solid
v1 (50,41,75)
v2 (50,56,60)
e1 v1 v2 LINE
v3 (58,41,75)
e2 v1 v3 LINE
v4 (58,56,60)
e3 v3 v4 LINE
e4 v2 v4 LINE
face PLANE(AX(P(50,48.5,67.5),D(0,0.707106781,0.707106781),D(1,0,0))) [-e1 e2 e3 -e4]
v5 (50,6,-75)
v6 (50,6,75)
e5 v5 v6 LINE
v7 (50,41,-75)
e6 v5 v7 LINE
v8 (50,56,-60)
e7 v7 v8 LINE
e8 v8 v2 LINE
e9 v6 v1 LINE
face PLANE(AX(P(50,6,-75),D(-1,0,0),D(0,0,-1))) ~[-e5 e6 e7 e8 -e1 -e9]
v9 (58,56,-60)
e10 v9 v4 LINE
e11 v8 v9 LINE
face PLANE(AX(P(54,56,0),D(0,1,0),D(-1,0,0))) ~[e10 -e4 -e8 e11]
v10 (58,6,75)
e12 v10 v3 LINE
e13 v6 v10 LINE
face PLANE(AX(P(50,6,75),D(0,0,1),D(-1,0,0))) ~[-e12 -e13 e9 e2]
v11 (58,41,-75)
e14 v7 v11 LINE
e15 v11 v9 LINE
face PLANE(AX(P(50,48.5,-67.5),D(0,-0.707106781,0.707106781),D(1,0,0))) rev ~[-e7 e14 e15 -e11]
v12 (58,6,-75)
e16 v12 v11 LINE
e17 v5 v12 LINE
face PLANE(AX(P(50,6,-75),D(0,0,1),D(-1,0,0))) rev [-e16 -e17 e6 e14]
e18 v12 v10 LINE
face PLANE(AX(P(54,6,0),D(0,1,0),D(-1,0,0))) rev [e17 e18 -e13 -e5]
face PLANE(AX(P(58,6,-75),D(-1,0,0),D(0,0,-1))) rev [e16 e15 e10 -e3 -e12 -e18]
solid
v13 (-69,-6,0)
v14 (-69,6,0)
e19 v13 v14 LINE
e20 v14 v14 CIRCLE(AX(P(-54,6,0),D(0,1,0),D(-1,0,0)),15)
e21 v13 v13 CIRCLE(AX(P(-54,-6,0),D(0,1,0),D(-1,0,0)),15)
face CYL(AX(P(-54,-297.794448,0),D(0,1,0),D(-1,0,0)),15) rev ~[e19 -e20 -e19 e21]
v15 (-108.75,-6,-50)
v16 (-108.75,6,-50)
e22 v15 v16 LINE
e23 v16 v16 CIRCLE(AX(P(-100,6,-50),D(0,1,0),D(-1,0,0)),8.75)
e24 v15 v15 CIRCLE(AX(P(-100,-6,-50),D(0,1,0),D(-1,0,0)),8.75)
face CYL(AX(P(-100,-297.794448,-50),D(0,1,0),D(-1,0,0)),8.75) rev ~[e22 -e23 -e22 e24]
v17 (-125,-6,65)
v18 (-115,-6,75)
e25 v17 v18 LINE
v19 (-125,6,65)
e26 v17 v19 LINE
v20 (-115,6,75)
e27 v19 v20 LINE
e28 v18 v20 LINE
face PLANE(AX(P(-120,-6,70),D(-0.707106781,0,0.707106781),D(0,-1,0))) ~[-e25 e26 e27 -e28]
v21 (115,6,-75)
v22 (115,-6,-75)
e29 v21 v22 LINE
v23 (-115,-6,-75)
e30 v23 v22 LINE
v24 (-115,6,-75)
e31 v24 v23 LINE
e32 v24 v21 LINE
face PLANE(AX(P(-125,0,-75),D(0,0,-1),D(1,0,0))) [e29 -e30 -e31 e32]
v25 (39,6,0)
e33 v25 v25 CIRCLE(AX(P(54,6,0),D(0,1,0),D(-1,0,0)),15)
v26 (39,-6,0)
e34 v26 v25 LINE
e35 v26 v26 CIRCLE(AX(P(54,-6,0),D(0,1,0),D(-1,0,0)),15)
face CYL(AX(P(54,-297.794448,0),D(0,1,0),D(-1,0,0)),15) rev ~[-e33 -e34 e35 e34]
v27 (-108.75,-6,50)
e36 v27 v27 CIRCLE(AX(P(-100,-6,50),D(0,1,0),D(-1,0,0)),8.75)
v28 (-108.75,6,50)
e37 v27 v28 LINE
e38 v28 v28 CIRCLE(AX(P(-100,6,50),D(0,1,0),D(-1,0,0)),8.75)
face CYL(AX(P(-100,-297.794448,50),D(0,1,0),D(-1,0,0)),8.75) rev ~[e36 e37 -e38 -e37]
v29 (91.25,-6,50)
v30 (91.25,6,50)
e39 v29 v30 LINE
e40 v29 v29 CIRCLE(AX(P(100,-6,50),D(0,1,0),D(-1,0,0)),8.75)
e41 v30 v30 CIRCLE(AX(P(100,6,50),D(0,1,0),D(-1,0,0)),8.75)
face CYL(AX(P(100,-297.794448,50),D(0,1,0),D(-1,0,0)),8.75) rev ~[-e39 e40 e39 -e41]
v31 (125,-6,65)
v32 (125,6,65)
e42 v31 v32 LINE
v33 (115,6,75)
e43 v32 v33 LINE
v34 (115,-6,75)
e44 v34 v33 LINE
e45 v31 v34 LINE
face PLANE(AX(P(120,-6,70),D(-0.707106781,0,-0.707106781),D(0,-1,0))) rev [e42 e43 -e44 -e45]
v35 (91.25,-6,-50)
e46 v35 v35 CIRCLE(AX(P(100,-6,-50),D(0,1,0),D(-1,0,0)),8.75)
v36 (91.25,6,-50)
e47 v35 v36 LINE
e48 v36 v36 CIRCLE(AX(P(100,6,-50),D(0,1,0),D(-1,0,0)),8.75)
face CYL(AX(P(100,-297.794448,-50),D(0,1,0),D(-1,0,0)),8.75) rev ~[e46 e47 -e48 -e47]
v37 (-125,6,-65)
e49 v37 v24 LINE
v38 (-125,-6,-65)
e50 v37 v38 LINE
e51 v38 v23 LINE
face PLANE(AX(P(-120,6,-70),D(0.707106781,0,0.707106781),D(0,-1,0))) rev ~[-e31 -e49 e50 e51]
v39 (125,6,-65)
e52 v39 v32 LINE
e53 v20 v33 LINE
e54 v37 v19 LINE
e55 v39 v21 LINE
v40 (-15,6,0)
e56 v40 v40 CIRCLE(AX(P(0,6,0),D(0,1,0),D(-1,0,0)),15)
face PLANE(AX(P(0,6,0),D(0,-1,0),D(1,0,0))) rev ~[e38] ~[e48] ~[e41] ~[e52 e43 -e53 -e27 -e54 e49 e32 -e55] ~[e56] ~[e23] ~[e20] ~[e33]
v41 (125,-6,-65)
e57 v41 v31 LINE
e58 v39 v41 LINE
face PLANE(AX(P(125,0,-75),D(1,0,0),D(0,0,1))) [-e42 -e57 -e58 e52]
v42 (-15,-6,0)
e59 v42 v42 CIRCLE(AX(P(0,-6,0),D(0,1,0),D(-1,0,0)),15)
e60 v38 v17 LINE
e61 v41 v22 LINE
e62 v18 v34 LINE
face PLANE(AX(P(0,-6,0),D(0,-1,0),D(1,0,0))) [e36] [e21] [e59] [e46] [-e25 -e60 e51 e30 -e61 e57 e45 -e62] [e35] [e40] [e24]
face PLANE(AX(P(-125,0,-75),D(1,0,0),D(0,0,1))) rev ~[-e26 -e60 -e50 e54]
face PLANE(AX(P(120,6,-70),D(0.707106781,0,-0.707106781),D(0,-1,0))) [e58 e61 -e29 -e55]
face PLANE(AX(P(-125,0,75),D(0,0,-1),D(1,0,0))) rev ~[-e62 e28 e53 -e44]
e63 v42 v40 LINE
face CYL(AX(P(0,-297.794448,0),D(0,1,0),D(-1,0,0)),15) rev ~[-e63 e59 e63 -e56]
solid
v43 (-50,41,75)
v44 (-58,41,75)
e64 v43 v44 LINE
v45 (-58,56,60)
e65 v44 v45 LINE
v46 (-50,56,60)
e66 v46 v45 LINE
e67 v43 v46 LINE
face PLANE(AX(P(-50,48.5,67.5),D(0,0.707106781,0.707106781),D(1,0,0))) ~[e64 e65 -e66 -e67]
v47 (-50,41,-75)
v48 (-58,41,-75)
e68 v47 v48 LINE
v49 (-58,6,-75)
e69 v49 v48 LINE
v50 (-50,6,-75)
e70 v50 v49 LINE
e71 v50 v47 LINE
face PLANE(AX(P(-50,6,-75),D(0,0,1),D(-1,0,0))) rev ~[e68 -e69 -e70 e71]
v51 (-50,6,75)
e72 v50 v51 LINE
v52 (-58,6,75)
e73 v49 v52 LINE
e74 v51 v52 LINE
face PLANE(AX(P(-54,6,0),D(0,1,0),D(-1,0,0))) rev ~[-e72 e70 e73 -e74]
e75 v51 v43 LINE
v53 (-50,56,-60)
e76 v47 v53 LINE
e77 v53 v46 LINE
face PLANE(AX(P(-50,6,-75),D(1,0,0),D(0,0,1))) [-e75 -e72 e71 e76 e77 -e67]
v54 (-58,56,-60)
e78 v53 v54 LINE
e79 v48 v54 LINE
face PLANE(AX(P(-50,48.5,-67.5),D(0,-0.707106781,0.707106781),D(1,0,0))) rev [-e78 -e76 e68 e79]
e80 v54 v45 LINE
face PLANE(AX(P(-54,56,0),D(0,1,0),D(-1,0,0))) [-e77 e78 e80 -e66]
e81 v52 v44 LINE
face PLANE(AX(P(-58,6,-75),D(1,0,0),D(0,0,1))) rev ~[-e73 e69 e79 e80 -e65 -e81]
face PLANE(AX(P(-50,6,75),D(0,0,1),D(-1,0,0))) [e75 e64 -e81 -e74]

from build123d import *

# Parameters (mm, degrees)
F0_W     = 250
F0_H     = 150
F1_DEPTH = 6
F2_SIZE  = 10
F4_D     = 17.5
F6_D     = 30
F7_W     = 8
F7_H     = 150
F8_DEPTH = 50
F9_SIZE  = 15


with BuildPart() as f1:
    # F0 (on Front) → F1 (new body, symmetric)
    with BuildSketch(Plane.XZ):
        Rectangle(F0_W, F0_H)
    extrude(amount=F1_DEPTH, both=True)

    # F2
    f2_edges = [f1.edges().sort_by_distance(p)[0] for p in [
        (125, 0, -75),
        (-125, 0, 75),
        (125, 0, 75),
        (-125, 0, -75),
    ]]
    chamfer(f2_edges, length=F2_SIZE)

    # F4 (through all)
    with Locations(Plane.XZ.offset(6)):
        with Locations((-100, 50), (-100, -50), (100, -50), (100, 50)):
            Hole(F4_D / 2)

    # F6 (through all)
    with Locations(Plane.XZ.offset(6)):
        with Locations((0, 0), (-54, 0), (54, 0)):
            Hole(F6_D / 2)


with BuildPart() as f8:
    # F7 (on face) → F8 (new body)
    with BuildSketch(Plane(origin=(0, 6, 0), x_dir=(-1, 0, 0), z_dir=(0, 1, 0))):
        with Locations((54, 0)):
            Rectangle(F7_W, F7_H)
    extrude(amount=F8_DEPTH)

    # F9
    f9_edges = [f8.edges().sort_by_distance(p)[0] for p in [
        (-54, 56, -75),
        (-54, 56, 75),
    ]]
    chamfer(f9_edges, length=F9_SIZE)


with BuildPart() as f10_1:
    # F10: instance of F8
    add(f8.part.mirror(Plane.YZ))


solid = Compound([f1.part, f8.part, f10_1.part])
